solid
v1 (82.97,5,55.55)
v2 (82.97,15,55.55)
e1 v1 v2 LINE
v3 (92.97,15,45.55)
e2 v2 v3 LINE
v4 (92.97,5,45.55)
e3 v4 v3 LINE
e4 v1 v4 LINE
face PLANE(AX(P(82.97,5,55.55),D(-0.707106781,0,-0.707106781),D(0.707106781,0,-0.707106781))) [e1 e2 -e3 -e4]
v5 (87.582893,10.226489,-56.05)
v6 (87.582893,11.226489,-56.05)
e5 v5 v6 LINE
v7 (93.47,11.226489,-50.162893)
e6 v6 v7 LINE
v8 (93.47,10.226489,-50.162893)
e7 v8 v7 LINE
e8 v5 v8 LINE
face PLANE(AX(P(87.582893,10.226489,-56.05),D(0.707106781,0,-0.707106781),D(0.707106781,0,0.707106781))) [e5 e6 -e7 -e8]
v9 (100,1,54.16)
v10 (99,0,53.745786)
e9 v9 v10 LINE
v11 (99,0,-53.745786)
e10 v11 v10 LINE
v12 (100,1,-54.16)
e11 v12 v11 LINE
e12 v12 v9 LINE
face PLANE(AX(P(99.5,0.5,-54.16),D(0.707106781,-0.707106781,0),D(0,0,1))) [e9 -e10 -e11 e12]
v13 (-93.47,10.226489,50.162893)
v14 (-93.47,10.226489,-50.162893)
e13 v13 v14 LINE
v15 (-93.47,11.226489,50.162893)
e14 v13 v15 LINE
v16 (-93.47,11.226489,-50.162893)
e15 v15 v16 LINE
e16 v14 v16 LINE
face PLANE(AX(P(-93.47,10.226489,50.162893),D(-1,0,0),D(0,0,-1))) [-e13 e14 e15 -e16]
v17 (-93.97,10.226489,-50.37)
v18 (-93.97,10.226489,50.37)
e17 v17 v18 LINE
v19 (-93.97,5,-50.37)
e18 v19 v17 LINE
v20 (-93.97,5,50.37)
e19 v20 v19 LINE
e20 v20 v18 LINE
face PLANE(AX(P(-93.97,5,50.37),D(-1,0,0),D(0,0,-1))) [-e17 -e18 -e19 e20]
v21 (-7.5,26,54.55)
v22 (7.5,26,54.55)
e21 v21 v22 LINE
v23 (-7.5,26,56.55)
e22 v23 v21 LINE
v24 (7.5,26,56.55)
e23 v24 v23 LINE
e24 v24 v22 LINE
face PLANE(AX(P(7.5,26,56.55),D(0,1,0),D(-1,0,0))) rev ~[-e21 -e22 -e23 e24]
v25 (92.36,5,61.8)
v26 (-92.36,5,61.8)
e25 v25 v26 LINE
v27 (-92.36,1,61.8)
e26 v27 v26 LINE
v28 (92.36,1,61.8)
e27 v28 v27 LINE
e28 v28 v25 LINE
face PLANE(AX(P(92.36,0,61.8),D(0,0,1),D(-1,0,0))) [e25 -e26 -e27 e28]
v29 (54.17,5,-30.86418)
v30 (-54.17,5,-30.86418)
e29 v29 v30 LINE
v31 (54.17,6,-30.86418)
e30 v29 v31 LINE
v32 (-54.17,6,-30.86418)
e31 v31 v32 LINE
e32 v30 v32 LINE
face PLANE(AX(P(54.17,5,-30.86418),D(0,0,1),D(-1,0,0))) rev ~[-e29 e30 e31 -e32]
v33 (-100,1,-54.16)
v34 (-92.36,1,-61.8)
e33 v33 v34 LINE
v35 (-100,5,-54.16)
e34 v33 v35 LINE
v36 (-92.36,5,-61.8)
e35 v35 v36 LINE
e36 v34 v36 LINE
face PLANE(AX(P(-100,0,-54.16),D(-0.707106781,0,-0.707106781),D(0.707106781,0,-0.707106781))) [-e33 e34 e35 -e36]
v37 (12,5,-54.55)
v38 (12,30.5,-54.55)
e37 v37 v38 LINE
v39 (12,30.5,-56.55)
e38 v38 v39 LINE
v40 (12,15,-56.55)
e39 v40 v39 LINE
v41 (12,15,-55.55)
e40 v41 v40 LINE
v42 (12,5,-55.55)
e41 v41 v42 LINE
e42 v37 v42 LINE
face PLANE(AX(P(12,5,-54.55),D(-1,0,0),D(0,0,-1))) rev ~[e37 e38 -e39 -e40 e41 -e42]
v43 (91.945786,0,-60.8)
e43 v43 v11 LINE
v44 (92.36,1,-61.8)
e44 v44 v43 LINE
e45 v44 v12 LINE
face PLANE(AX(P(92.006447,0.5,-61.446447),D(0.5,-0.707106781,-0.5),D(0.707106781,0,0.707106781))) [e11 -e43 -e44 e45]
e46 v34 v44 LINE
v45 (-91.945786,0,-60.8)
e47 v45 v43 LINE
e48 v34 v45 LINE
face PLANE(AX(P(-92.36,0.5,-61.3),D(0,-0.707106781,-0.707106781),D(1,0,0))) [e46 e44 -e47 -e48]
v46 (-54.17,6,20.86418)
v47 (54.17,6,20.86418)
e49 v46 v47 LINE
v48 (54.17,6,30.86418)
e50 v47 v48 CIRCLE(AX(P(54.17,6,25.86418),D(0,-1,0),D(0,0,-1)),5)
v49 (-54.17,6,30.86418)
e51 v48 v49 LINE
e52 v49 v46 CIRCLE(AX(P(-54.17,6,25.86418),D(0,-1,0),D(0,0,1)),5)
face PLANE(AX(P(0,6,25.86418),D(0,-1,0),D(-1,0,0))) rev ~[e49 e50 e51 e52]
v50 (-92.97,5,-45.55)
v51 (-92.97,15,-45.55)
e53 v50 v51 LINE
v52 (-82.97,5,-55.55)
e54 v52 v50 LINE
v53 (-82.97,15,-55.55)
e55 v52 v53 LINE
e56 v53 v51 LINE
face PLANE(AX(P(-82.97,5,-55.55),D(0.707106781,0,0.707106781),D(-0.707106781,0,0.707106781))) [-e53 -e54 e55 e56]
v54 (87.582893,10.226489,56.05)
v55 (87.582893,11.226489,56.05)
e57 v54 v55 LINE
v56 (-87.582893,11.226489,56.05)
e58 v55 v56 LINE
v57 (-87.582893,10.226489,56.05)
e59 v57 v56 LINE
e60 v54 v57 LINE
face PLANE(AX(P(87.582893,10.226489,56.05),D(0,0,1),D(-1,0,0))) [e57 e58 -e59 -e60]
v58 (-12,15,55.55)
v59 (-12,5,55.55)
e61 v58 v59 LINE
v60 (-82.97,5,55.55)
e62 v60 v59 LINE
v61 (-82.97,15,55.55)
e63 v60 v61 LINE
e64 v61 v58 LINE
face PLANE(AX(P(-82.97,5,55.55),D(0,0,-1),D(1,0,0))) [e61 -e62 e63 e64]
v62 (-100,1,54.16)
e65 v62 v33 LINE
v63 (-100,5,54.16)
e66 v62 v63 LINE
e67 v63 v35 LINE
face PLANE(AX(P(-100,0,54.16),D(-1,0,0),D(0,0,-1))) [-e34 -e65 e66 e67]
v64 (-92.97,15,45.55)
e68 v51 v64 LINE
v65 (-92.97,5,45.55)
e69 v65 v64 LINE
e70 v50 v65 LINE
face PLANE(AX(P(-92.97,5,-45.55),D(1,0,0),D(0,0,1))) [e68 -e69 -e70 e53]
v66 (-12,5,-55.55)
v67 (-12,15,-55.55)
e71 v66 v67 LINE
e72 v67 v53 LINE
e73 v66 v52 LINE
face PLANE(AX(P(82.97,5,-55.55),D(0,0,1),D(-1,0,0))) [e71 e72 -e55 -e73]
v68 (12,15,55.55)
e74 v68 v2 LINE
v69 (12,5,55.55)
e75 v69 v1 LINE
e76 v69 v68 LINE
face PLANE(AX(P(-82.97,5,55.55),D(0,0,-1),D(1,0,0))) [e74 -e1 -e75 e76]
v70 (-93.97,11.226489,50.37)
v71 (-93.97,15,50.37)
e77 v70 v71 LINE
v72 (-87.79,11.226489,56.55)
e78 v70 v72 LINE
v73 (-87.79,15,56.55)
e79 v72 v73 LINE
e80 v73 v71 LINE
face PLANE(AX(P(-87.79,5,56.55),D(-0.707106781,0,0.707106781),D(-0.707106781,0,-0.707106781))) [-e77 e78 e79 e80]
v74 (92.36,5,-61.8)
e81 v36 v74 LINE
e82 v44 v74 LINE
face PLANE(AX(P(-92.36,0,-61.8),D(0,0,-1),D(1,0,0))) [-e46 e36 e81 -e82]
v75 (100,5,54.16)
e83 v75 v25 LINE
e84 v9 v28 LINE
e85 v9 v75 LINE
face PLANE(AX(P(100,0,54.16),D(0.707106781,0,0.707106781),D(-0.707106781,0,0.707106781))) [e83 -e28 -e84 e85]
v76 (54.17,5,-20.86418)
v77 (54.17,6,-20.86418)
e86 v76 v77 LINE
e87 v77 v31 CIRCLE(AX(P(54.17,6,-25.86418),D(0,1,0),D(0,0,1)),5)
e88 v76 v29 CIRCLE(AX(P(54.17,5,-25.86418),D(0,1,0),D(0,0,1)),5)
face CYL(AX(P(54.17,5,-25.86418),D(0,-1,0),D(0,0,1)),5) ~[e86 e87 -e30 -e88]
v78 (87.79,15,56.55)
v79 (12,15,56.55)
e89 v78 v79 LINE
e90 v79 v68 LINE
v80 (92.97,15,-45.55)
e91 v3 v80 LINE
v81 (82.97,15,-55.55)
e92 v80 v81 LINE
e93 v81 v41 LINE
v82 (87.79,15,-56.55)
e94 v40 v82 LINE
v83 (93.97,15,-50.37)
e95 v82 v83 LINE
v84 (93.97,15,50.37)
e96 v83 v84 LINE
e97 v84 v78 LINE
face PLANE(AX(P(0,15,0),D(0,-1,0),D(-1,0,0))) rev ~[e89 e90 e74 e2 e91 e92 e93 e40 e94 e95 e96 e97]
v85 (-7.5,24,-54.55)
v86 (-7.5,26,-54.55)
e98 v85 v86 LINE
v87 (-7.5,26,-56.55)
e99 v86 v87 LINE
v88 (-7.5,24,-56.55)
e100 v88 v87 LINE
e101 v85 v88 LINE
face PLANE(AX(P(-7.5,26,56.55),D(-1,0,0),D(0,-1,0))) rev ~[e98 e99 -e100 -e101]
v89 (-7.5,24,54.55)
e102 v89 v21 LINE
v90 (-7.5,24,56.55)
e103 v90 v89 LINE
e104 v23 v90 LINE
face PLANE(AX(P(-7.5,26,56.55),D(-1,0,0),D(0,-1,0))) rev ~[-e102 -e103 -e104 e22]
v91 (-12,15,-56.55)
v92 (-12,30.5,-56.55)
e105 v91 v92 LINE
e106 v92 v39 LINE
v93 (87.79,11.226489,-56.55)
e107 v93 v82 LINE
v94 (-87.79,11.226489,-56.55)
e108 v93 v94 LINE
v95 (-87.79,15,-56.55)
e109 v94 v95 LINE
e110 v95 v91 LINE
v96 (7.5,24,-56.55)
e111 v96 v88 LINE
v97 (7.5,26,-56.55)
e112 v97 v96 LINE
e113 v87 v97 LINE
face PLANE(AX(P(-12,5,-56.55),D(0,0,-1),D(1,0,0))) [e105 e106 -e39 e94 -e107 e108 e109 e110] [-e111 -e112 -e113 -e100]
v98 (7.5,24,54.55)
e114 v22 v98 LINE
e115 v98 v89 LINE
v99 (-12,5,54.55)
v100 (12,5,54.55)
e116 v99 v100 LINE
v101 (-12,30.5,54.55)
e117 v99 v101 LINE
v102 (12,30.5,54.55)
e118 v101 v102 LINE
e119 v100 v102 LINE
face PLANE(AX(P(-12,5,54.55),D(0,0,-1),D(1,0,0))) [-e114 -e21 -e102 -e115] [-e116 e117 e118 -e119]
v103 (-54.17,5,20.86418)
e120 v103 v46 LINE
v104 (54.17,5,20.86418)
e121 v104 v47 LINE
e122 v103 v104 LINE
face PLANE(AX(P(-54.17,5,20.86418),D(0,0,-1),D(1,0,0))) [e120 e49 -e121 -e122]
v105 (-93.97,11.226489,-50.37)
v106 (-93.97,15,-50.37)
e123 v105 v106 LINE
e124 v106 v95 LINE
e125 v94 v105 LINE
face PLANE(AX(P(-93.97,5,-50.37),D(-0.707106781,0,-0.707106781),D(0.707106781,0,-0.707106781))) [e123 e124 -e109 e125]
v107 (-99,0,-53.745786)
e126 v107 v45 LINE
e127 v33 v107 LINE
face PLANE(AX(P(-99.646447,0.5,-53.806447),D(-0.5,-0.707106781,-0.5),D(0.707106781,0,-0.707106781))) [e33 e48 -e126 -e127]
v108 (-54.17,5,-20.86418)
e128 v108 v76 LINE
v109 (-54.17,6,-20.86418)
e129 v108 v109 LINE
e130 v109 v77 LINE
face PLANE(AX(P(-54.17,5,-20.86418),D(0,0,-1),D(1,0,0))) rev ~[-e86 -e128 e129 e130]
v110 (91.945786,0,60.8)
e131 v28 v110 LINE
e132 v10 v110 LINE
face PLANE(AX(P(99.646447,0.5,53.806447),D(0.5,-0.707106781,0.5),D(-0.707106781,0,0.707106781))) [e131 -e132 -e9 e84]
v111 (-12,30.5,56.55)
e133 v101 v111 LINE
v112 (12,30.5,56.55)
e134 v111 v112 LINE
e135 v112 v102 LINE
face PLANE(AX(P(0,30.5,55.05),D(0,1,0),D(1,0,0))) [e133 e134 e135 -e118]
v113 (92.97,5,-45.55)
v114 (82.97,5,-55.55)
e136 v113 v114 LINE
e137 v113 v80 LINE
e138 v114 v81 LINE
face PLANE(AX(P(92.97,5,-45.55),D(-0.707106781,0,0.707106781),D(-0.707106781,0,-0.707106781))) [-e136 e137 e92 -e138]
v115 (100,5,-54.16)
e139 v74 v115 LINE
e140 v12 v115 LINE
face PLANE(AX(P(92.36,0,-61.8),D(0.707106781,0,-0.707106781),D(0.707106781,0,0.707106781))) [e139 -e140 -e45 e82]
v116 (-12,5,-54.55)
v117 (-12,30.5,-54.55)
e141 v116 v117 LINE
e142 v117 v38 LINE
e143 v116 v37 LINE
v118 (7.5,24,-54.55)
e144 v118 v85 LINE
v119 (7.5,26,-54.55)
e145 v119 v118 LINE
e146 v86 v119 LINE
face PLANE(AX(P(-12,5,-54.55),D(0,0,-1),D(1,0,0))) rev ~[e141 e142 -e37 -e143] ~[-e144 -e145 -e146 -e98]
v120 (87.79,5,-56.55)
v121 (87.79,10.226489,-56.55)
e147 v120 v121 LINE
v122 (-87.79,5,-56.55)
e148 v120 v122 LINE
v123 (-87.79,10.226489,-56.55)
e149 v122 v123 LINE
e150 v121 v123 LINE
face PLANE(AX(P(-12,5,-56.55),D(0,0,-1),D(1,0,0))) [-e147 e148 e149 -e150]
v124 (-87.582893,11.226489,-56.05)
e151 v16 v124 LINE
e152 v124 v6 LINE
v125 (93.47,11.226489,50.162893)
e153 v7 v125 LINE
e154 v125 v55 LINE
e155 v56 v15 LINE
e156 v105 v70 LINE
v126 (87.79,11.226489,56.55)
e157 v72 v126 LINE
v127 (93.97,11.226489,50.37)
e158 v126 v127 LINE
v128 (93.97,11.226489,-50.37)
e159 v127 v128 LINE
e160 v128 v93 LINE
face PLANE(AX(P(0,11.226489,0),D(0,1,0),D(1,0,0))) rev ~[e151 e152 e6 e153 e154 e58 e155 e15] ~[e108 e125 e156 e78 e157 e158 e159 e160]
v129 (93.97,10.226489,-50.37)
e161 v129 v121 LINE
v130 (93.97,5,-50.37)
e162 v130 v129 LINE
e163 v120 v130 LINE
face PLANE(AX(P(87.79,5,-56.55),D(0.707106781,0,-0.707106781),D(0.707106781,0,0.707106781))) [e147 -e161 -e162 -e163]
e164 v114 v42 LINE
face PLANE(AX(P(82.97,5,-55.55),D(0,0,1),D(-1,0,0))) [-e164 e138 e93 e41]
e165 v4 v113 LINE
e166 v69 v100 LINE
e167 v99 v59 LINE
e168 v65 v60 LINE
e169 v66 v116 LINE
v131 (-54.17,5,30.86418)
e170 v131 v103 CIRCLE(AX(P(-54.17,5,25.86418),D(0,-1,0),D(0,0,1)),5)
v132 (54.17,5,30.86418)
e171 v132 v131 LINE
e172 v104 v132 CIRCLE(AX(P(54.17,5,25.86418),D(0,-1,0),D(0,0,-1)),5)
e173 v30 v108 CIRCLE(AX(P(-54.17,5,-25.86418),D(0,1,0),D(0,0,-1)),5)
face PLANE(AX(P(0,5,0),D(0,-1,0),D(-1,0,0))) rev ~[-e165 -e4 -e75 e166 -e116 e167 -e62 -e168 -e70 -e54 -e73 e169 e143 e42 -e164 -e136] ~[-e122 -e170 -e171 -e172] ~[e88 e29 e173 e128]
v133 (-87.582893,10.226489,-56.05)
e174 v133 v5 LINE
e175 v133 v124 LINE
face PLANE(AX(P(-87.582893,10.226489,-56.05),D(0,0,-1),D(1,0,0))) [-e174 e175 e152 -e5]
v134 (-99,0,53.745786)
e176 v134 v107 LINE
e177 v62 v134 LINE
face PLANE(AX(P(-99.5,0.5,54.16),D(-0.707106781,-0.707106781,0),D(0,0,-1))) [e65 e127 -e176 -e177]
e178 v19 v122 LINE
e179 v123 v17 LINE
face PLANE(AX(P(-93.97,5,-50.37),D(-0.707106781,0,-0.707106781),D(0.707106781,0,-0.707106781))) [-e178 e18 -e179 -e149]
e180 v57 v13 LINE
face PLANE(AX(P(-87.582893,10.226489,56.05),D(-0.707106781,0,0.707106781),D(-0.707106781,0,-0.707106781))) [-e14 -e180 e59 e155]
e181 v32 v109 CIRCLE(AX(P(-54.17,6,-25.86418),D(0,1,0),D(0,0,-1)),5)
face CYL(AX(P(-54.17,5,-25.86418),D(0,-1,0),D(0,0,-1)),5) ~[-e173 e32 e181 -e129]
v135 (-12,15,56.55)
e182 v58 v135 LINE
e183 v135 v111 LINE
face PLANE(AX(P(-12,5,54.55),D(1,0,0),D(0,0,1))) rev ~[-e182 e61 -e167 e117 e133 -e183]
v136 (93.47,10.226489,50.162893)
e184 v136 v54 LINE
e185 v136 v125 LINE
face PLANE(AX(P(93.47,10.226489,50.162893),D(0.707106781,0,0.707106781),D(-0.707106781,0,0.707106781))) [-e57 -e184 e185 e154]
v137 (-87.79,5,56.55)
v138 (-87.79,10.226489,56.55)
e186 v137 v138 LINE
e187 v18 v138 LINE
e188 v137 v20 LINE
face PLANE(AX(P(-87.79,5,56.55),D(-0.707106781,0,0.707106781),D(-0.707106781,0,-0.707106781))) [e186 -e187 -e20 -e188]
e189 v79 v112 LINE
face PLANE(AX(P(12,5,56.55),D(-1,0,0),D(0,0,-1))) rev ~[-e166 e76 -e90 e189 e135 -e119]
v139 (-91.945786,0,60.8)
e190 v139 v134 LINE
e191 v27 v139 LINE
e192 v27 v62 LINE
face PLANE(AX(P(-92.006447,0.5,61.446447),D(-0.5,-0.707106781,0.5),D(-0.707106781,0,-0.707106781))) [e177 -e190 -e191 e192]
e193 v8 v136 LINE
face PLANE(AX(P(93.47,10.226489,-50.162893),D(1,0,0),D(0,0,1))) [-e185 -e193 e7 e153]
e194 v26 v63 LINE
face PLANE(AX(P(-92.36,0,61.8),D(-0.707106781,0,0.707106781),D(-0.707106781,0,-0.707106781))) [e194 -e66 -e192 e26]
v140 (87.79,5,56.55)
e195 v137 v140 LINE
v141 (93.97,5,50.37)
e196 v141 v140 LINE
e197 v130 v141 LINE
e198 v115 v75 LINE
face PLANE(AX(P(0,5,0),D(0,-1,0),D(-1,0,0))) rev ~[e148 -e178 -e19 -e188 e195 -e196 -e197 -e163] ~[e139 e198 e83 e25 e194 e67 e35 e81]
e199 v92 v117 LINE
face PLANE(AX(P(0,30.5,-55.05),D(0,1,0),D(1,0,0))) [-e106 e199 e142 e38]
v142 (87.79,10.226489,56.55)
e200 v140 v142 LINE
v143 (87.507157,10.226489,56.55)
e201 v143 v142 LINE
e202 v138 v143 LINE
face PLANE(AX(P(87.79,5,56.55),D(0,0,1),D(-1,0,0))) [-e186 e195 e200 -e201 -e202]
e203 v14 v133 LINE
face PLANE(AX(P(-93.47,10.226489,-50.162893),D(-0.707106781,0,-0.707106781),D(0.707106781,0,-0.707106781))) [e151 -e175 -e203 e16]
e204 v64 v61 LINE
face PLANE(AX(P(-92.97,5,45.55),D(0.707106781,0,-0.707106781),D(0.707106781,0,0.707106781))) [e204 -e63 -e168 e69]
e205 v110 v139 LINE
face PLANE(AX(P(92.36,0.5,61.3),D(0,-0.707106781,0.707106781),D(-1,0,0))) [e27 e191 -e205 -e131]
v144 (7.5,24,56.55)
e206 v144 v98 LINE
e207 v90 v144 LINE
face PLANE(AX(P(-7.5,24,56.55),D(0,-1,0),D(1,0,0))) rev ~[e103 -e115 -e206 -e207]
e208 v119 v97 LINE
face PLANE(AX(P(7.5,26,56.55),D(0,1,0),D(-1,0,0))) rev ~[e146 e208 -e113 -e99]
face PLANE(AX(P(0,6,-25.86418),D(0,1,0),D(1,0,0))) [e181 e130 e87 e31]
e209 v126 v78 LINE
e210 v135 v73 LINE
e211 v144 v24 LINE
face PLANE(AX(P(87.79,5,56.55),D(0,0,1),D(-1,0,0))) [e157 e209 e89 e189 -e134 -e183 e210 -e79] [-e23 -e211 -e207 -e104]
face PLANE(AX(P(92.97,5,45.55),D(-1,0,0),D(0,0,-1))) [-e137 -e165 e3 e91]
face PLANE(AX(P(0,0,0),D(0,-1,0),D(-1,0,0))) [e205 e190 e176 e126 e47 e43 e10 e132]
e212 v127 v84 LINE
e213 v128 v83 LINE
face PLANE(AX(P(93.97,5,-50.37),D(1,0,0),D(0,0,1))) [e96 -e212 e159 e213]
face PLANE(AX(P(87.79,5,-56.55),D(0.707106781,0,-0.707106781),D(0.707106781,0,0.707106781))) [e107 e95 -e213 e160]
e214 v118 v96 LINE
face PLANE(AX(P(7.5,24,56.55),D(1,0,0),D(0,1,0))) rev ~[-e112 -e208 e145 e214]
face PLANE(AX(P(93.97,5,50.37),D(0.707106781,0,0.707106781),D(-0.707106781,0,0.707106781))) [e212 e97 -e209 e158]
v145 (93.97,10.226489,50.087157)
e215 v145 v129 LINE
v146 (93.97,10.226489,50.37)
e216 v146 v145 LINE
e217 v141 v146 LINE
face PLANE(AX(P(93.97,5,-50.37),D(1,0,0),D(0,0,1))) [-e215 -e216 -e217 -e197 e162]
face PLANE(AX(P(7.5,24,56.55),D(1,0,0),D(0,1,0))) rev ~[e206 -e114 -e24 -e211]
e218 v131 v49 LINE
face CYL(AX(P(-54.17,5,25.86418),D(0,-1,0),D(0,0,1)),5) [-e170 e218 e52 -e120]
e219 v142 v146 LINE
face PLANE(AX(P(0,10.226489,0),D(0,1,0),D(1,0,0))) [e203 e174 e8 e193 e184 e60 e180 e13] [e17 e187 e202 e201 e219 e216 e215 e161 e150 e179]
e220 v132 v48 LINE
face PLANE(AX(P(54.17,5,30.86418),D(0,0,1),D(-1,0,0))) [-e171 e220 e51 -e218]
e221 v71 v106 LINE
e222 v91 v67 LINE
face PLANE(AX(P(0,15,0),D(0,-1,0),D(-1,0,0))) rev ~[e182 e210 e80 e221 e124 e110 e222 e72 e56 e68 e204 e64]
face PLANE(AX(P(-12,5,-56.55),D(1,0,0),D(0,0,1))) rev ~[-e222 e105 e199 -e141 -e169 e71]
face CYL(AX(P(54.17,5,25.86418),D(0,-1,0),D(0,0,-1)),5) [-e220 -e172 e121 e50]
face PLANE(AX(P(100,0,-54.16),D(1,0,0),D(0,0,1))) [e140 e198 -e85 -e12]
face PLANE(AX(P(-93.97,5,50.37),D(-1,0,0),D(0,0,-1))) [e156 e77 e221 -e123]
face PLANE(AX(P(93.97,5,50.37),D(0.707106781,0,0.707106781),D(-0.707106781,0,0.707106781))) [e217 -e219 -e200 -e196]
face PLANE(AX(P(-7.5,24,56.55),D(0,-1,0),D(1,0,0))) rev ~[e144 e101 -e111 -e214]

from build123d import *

# Parameters (mm, degrees)
EXTRUDE_1_DEPTH     = 5
EXTRUDE_2_DEPTH     = 10
SKETCH_6_W          = 9.821902293
SKETCH_6_H          = 0.385172639
CUT_EXTRUDE_2_DEPTH = 0.2
SKETCH_7_W          = 24
SKETCH_7_H          = 1
EXTRUDE_6_DEPTH     = 25.5
CUT_EXTRUDE_3_DEPTH = 1
CUT_EXTRUDE_6_DEPTH = 117.5
EXTRUDE_7_DEPTH     = 1
CHAMFER_3_SIZE      = 1


with BuildPart() as part:
    # 草图1 → 凸台-拉伸1 (new body)
    with BuildSketch(Plane(origin=(0, 0, 0), x_dir=(1, 0, 0), z_dir=(0, 1, 0))):
        Polygon((-100, 54.16), (-92.36, 61.8), (92.36, 61.8), (100, 54.16), (100, -54.16), (92.36, -61.8), (-92.36, -61.8), (-100, -54.16), align=None)
    extrude(amount=EXTRUDE_1_DEPTH)

    # 草图2 → 凸台-拉伸2 (add)
    with BuildSketch(Plane(origin=(0, 5, 0), x_dir=(1, 0, 0), z_dir=(0, 1, 0))):
        Polygon((-93.97, 50.37), (-87.79, 56.55), (87.79, 56.55), (93.97, 50.37), (93.97, -50.37), (87.79, -56.55), (-87.79, -56.55), (-93.97, -50.37), align=None)
        Polygon((-92.97, -45.55), (-82.97, -55.55), (82.97, -55.55), (92.97, -45.55), (92.97, 45.55), (82.97, 55.55), (-82.97, 55.55), (-92.97, 45.55), align=None, mode=Mode.SUBTRACT)
    extrude(amount=EXTRUDE_2_DEPTH)

    # 草图6 → 切除-拉伸2 (cut)
    with BuildSketch(Plane(origin=(72.17, 0, 72.17), x_dir=(0.7071067811865479, 0, -0.7071067811865471), z_dir=(0.7071067811865471, 0, 0.7071067811865479))):
        with Locations((26.350211631, 10.419075461)):
            Rectangle(SKETCH_6_W, SKETCH_6_H)
    extrude(amount=-CUT_EXTRUDE_2_DEPTH, mode=Mode.SUBTRACT)

    # 草图7 → 凸台-拉伸6 (add)
    with BuildSketch(Plane(origin=(0, 5, 0), x_dir=(1, 0, 0), z_dir=(0, 1, 0))):
        with Locations((0, 55.05)):
            Rectangle(SKETCH_7_W, SKETCH_7_H)
        with Locations((0, 56.05)):
            Rectangle(SKETCH_7_W, SKETCH_7_H)
        with Locations((0, -55.05)):
            Rectangle(SKETCH_7_W, SKETCH_7_H)
        with Locations((0, -56.05)):
            Rectangle(SKETCH_7_W, SKETCH_7_H)
    extrude(amount=EXTRUDE_6_DEPTH)

    # 草图5 → 切除-拉伸3 (cut)
    with BuildSketch(Plane(origin=(0, 10.226489141, 0), x_dir=(1, 0, 0), z_dir=(0, 1, 0))):
        Polygon((-87.79, -56.55), (87.79, -56.55), (93.97, -50.37), (93.97, 50.37), (87.79, 56.55), (-87.79, 56.55), (-93.97, 50.37), (-93.97, -50.37), align=None)
        Polygon((87.582893219, 56.05), (93.47, 50.162893219), (93.47, -50.162893219), (87.582893219, -56.05), (-87.582893219, -56.05), (-93.47, -50.162893219), (-93.47, 50.162893219), (-87.582893219, 56.05), align=None, mode=Mode.SUBTRACT)
    extrude(amount=CUT_EXTRUDE_3_DEPTH, mode=Mode.SUBTRACT)

    # 草图13 → 切除-拉伸6 (cut)
    with BuildSketch(Plane.XY.offset(56.55)):
        Polygon((0, 24), (7.5, 24), (7.5, 26), (-7.5, 26), (-7.5, 24), align=None)
    extrude(amount=-CUT_EXTRUDE_6_DEPTH, mode=Mode.SUBTRACT)

    # 草图17 → 凸台-拉伸7 (add)
    with BuildSketch(Plane(origin=(0, 5, 0), x_dir=(1, 0, 0), z_dir=(0, 1, 0))):
        with BuildLine():
            Line((-54.17, -20.86418044), (54.17, -20.86418044))
            ThreePointArc((54.17, -20.86418044), (59.17, -25.86418044), (54.17, -30.86418044))
            Line((54.17, -30.86418044), (-54.17, -30.86418044))
            ThreePointArc((-54.17, -30.86418044), (-59.17, -25.86418044), (-54.17, -20.86418044))
        make_face()
        with BuildLine():
            Line((-54.17, 20.86418044), (54.17, 20.86418044))
            ThreePointArc((54.17, 20.86418044), (59.17, 25.86418044), (54.17, 30.86418044))
            Line((54.17, 30.86418044), (-54.17, 30.86418044))
            ThreePointArc((-54.17, 30.86418044), (-59.17, 25.86418044), (-54.17, 20.86418044))
        make_face()
    extrude(amount=EXTRUDE_7_DEPTH)

    # 倒角3
    chamfer_3_edges = [part.edges().sort_by_distance(p)[0] for p in [
        (96.18, 0, 57.98),
        (0, 0, 61.8),
        (-96.18, 0, 57.98),
        (-100, 0, 0),
        (-96.18, 0, -57.98),
        (0, 0, -61.8),
        (96.18, 0, -57.98),
        (100, 0, 0),
    ]]
    chamfer(chamfer_3_edges, length=CHAMFER_3_SIZE)


solid = part.part
